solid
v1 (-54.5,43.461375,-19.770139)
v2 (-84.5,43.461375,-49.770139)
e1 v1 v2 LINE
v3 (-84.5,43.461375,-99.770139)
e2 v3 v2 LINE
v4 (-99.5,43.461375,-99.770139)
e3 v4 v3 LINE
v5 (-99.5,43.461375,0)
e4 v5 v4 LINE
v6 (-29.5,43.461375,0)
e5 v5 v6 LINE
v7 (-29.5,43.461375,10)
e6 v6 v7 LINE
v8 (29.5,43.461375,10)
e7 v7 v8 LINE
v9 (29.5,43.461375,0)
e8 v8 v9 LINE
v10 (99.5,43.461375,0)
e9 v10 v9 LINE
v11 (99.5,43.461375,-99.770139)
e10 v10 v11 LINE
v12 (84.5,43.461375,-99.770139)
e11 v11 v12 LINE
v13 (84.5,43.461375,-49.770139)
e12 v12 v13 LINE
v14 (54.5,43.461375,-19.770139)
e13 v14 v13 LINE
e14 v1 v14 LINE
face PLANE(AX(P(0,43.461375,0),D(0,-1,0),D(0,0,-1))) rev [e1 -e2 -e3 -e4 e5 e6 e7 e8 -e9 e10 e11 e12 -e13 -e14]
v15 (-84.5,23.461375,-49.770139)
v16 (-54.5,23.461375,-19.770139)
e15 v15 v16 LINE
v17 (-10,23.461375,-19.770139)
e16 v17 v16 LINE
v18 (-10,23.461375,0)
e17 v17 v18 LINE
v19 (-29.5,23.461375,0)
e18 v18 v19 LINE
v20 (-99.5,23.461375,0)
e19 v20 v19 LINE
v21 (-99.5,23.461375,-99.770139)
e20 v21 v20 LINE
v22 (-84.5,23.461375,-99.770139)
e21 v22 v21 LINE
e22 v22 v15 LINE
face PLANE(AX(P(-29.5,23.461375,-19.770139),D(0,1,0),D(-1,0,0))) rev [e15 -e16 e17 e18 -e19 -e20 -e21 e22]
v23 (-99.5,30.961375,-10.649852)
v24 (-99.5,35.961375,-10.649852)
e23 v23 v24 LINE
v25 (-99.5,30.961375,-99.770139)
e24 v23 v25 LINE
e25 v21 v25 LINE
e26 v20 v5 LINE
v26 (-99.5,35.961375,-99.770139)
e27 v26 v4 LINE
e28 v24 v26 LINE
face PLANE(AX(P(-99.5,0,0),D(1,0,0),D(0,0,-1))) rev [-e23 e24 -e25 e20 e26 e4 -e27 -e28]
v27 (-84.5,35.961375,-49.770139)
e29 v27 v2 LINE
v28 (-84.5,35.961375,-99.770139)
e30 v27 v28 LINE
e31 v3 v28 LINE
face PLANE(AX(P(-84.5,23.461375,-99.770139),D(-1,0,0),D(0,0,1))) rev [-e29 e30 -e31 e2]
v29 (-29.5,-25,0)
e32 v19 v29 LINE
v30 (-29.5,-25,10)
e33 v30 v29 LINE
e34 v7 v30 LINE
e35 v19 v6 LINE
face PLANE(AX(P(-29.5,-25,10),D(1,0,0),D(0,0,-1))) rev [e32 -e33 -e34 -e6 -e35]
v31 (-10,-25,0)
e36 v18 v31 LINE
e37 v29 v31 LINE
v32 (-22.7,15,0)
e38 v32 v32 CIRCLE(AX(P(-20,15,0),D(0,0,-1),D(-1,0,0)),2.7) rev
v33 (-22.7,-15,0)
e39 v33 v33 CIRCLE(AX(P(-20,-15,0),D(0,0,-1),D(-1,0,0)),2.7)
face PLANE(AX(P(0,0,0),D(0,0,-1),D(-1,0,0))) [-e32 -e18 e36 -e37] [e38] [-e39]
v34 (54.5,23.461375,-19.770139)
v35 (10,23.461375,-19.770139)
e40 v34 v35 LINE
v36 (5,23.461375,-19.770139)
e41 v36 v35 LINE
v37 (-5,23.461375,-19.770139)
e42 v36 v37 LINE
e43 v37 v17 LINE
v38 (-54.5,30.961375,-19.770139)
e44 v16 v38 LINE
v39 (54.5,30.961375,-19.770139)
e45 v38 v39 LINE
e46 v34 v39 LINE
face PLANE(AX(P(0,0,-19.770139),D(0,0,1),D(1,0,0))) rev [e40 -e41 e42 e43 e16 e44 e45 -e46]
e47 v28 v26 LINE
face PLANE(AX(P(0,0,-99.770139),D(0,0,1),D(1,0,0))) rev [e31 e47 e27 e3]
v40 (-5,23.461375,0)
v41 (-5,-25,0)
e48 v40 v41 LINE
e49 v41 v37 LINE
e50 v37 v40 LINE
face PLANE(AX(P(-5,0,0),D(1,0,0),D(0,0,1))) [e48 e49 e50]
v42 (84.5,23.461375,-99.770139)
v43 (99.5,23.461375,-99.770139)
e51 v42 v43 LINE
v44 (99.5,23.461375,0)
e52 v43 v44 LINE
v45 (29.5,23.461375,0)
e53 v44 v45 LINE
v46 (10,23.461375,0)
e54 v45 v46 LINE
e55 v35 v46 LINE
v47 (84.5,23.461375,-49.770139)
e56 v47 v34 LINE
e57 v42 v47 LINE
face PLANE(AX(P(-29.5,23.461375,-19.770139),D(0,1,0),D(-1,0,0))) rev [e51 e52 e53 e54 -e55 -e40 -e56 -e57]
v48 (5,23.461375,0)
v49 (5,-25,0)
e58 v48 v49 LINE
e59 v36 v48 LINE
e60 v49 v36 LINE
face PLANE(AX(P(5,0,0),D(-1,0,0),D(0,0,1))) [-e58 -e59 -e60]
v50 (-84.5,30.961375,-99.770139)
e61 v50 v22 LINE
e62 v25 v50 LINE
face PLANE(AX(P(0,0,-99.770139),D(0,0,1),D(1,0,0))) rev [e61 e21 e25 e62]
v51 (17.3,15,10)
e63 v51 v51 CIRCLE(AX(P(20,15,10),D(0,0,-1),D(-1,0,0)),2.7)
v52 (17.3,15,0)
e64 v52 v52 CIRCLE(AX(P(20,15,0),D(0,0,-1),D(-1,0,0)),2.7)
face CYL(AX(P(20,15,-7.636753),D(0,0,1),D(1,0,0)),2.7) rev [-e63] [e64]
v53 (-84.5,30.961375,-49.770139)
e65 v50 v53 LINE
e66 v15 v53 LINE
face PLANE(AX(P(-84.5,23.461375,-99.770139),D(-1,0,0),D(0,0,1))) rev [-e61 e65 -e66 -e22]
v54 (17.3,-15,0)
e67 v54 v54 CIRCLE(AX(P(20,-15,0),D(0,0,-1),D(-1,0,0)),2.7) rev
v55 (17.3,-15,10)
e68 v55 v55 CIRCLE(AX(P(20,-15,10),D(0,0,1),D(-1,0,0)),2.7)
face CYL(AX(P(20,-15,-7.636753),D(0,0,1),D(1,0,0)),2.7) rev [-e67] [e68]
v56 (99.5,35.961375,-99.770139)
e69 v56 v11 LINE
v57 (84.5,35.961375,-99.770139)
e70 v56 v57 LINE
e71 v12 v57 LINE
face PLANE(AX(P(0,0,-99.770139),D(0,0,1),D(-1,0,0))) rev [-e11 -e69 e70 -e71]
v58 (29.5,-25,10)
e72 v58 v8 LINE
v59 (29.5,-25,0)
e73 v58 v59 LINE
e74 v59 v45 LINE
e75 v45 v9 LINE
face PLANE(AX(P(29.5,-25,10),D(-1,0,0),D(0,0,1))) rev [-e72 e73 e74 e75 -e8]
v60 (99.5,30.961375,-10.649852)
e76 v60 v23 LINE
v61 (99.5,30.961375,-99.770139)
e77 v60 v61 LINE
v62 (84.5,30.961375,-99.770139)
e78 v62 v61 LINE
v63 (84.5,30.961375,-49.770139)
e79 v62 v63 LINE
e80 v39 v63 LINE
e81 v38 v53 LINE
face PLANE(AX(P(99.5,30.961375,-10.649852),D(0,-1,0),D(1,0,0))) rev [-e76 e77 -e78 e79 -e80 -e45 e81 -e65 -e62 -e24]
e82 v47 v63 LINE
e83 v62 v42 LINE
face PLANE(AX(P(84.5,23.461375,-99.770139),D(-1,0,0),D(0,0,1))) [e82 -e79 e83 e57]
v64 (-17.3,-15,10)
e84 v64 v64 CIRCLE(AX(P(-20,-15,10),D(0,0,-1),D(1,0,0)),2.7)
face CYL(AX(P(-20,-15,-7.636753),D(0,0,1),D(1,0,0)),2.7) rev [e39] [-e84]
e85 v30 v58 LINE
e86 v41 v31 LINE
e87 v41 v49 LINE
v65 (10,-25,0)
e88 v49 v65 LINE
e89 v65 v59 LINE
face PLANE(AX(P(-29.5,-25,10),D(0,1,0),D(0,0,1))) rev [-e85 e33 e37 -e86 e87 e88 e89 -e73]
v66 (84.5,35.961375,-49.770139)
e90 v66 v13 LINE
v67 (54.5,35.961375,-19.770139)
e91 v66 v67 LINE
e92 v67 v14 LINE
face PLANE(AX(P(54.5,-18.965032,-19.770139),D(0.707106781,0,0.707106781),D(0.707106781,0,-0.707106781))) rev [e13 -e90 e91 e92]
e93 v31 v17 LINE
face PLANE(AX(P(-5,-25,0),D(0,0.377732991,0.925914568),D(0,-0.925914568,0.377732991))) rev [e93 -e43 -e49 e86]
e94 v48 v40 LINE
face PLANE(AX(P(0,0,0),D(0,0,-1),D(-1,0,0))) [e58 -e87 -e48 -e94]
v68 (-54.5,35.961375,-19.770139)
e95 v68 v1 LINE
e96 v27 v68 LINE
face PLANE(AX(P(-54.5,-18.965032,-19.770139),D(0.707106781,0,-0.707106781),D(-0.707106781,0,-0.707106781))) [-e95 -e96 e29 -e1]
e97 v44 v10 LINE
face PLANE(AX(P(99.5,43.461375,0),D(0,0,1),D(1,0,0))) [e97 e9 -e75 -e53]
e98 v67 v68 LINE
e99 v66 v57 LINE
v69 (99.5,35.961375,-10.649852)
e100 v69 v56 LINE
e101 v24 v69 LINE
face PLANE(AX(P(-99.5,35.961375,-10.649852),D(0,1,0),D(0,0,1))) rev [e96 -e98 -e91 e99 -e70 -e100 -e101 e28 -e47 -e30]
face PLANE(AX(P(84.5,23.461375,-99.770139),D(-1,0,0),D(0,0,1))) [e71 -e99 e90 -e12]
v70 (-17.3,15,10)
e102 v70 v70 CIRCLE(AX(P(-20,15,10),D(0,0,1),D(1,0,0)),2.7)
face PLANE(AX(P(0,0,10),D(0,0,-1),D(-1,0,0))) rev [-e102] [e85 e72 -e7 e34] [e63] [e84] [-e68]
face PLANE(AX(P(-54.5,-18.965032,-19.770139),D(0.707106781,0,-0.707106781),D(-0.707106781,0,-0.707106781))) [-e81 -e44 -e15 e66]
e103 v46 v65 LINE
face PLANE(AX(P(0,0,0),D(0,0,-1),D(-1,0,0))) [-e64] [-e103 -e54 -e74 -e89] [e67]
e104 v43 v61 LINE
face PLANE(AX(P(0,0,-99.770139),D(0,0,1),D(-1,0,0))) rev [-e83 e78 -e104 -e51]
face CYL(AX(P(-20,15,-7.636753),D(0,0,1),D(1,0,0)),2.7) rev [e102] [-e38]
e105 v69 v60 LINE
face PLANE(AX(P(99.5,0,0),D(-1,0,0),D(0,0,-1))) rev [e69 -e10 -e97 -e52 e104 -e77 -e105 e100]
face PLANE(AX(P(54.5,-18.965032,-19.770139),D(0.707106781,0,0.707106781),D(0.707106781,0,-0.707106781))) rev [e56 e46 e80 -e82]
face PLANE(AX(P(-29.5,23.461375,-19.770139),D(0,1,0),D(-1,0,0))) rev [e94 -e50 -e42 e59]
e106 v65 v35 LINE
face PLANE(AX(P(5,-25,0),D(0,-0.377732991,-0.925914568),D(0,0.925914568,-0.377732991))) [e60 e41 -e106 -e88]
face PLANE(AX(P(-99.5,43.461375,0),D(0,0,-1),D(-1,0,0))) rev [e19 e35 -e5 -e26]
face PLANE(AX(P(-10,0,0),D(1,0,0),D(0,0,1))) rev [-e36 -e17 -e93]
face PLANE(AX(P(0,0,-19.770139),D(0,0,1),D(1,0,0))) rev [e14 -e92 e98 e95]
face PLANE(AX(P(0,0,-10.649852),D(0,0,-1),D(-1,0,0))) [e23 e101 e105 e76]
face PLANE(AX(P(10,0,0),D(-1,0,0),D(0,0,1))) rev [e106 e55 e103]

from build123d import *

# Parameters (mm, degrees)
SKETCH1_W                                  = 59
SKETCH1_H                                  = 50
BOSS_EXTRUDE1_DEPTH                        = 10
SKETCH2_R                                  = 2.7
CUT_EXTRUDE1_DEPTH                         = 10
MIRROR1_AT_THE_SECOND_PLANE_COPY_1_SKETC_R = 2.7
MIRROR1_AT_THE_SECOND_PLANE_COPY_1_DEPTH   = 10
SKETCH9_W                                  = 59
SKETCH9_H                                  = 10
BOSS_EXTRUDE10_DEPTH                       = 18.461375068
SKETCH12_W                                 = 59
SKETCH12_H                                 = 20
BOSS_EXTRUDE11_DEPTH                       = 19.770139482
SKETCH13_W                                 = 19.770139482
SKETCH13_H                                 = 20
BOSS_EXTRUDE12_DEPTH                       = 70
SKETCH14_W                                 = 15
SKETCH14_H                                 = 20
BOSS_EXTRUDE13_DEPTH                       = 80
BOSS_EXTRUDE14_DEPTH                       = 20
BOSS_EXTRUDE15_DEPTH                       = 5
SKETCH16_W                                 = 199
SKETCH16_H                                 = 5
CUT_EXTRUDE3_DEPTH                         = 109.350147663


with BuildPart() as part:
    # Sketch1 → Boss-Extrude1 (new body)
    with BuildSketch(Plane.XY):
        Rectangle(SKETCH1_W, SKETCH1_H)
    extrude(amount=BOSS_EXTRUDE1_DEPTH)

    # Sketch2 → Cut-Extrude1 (cut)
    with BuildSketch(Plane.XY.offset(10)):
        with Locations((-20, 15)):
            Circle(SKETCH2_R)
    cut_extrude1 = extrude(amount=-CUT_EXTRUDE1_DEPTH, mode=Mode.SUBTRACT)

    # Mirror1: Cut-Extrude1 across plane
    add(cut_extrude1.mirror(Plane.ZX), mode=Mode.SUBTRACT)

    # Mirror1 at the second plane: Cut-Extrude1 across plane
    add(cut_extrude1.mirror(Plane(origin=(0, 0, 0), x_dir=(0, 0, 1), z_dir=(1, 0, 0))), mode=Mode.SUBTRACT)

    # Mirror1 at the second plane copy 1 sketc → Mirror1 at the second plane copy 1 (cut)
    with BuildSketch(Plane(origin=(0, 0, 10), x_dir=(-1, 0, 0), z_dir=(0, 0, 1))):
        with Locations((-20, 15)):
            Circle(MIRROR1_AT_THE_SECOND_PLANE_COPY_1_SKETC_R)
    extrude(amount=-MIRROR1_AT_THE_SECOND_PLANE_COPY_1_DEPTH, mode=Mode.SUBTRACT)

    # Sketch9 → Boss-Extrude10 (add)
    with BuildSketch(Plane(origin=(0, 25, 0), x_dir=(1, 0, 0), z_dir=(0, 1, 0))):
        with Locations((0, -5)):
            Rectangle(SKETCH9_W, SKETCH9_H)
    extrude(amount=BOSS_EXTRUDE10_DEPTH)

    # Sketch12 → Boss-Extrude11 (add)
    with BuildSketch(Plane(origin=(0, 0, 0), x_dir=(-1, 0, 0), z_dir=(0, 0, -1))):
        with Locations((0, 33.461375068)):
            Rectangle(SKETCH12_W, SKETCH12_H)
    extrude(amount=BOSS_EXTRUDE11_DEPTH)

    # Sketch13 → Boss-Extrude12 (add)
    with BuildSketch(Plane.ZY.offset(29.5)):
        with Locations((-9.885069741, 33.461375068)):
            Rectangle(SKETCH13_W, SKETCH13_H)
    boss_extrude12 = extrude(amount=BOSS_EXTRUDE12_DEPTH)

    # Sketch14 → Boss-Extrude13 (add)
    with BuildSketch(Plane(origin=(0, 0, -19.770139482), x_dir=(-1, 0, 0), z_dir=(0, 0, -1))):
        with Locations((92, 33.461375068)):
            Rectangle(SKETCH14_W, SKETCH14_H)
    boss_extrude13 = extrude(amount=BOSS_EXTRUDE13_DEPTH)

    # Mirror2: Boss-Extrude12, Boss-Extrude13 across plane
    add(boss_extrude12.mirror(Plane(origin=(0, 0, 0), x_dir=(0, 0, 1), z_dir=(1, 0, 0))))
    add(boss_extrude13.mirror(Plane(origin=(0, 0, 0), x_dir=(0, 0, 1), z_dir=(1, 0, 0))))

    # Sketch15 → Boss-Extrude14 (add)
    with BuildSketch(Plane(origin=(0, 43.461375068, 0), x_dir=(1, 0, 0), z_dir=(0, 1, 0))):
        Polygon((-84.5, 19.770139482), (-54.5, 19.770139482), (-84.5, 49.770139482), align=None)
    boss_extrude14 = extrude(amount=-BOSS_EXTRUDE14_DEPTH)

    # Mirror3: Boss-Extrude14 across plane
    add(boss_extrude14.mirror(Plane(origin=(0, 0, 0), x_dir=(0, 0, 1), z_dir=(1, 0, 0))))

    # Sketch19 → Boss-Extrude15 (add)
    with BuildSketch(Plane(origin=(10, 0, 0), x_dir=(0, 0, -1), z_dir=(1, 0, 0))):
        Polygon((0, -25), (19.770139482, 23.461375068), (0, 23.461375068), align=None)
    boss_extrude15 = extrude(amount=-BOSS_EXTRUDE15_DEPTH)

    # Mirror4: Boss-Extrude15 across plane
    add(boss_extrude15.mirror(Plane(origin=(0, 0, 0), x_dir=(0, 0, 1), z_dir=(1, 0, 0))))

    # Sketch16 → Cut-Extrude3 (cut)
    with BuildSketch(Plane.XY.offset(-120)):
        with Locations((0, 33.461375068)):
            Rectangle(SKETCH16_W, SKETCH16_H)
    extrude(amount=CUT_EXTRUDE3_DEPTH, mode=Mode.SUBTRACT)


solid = part.part
